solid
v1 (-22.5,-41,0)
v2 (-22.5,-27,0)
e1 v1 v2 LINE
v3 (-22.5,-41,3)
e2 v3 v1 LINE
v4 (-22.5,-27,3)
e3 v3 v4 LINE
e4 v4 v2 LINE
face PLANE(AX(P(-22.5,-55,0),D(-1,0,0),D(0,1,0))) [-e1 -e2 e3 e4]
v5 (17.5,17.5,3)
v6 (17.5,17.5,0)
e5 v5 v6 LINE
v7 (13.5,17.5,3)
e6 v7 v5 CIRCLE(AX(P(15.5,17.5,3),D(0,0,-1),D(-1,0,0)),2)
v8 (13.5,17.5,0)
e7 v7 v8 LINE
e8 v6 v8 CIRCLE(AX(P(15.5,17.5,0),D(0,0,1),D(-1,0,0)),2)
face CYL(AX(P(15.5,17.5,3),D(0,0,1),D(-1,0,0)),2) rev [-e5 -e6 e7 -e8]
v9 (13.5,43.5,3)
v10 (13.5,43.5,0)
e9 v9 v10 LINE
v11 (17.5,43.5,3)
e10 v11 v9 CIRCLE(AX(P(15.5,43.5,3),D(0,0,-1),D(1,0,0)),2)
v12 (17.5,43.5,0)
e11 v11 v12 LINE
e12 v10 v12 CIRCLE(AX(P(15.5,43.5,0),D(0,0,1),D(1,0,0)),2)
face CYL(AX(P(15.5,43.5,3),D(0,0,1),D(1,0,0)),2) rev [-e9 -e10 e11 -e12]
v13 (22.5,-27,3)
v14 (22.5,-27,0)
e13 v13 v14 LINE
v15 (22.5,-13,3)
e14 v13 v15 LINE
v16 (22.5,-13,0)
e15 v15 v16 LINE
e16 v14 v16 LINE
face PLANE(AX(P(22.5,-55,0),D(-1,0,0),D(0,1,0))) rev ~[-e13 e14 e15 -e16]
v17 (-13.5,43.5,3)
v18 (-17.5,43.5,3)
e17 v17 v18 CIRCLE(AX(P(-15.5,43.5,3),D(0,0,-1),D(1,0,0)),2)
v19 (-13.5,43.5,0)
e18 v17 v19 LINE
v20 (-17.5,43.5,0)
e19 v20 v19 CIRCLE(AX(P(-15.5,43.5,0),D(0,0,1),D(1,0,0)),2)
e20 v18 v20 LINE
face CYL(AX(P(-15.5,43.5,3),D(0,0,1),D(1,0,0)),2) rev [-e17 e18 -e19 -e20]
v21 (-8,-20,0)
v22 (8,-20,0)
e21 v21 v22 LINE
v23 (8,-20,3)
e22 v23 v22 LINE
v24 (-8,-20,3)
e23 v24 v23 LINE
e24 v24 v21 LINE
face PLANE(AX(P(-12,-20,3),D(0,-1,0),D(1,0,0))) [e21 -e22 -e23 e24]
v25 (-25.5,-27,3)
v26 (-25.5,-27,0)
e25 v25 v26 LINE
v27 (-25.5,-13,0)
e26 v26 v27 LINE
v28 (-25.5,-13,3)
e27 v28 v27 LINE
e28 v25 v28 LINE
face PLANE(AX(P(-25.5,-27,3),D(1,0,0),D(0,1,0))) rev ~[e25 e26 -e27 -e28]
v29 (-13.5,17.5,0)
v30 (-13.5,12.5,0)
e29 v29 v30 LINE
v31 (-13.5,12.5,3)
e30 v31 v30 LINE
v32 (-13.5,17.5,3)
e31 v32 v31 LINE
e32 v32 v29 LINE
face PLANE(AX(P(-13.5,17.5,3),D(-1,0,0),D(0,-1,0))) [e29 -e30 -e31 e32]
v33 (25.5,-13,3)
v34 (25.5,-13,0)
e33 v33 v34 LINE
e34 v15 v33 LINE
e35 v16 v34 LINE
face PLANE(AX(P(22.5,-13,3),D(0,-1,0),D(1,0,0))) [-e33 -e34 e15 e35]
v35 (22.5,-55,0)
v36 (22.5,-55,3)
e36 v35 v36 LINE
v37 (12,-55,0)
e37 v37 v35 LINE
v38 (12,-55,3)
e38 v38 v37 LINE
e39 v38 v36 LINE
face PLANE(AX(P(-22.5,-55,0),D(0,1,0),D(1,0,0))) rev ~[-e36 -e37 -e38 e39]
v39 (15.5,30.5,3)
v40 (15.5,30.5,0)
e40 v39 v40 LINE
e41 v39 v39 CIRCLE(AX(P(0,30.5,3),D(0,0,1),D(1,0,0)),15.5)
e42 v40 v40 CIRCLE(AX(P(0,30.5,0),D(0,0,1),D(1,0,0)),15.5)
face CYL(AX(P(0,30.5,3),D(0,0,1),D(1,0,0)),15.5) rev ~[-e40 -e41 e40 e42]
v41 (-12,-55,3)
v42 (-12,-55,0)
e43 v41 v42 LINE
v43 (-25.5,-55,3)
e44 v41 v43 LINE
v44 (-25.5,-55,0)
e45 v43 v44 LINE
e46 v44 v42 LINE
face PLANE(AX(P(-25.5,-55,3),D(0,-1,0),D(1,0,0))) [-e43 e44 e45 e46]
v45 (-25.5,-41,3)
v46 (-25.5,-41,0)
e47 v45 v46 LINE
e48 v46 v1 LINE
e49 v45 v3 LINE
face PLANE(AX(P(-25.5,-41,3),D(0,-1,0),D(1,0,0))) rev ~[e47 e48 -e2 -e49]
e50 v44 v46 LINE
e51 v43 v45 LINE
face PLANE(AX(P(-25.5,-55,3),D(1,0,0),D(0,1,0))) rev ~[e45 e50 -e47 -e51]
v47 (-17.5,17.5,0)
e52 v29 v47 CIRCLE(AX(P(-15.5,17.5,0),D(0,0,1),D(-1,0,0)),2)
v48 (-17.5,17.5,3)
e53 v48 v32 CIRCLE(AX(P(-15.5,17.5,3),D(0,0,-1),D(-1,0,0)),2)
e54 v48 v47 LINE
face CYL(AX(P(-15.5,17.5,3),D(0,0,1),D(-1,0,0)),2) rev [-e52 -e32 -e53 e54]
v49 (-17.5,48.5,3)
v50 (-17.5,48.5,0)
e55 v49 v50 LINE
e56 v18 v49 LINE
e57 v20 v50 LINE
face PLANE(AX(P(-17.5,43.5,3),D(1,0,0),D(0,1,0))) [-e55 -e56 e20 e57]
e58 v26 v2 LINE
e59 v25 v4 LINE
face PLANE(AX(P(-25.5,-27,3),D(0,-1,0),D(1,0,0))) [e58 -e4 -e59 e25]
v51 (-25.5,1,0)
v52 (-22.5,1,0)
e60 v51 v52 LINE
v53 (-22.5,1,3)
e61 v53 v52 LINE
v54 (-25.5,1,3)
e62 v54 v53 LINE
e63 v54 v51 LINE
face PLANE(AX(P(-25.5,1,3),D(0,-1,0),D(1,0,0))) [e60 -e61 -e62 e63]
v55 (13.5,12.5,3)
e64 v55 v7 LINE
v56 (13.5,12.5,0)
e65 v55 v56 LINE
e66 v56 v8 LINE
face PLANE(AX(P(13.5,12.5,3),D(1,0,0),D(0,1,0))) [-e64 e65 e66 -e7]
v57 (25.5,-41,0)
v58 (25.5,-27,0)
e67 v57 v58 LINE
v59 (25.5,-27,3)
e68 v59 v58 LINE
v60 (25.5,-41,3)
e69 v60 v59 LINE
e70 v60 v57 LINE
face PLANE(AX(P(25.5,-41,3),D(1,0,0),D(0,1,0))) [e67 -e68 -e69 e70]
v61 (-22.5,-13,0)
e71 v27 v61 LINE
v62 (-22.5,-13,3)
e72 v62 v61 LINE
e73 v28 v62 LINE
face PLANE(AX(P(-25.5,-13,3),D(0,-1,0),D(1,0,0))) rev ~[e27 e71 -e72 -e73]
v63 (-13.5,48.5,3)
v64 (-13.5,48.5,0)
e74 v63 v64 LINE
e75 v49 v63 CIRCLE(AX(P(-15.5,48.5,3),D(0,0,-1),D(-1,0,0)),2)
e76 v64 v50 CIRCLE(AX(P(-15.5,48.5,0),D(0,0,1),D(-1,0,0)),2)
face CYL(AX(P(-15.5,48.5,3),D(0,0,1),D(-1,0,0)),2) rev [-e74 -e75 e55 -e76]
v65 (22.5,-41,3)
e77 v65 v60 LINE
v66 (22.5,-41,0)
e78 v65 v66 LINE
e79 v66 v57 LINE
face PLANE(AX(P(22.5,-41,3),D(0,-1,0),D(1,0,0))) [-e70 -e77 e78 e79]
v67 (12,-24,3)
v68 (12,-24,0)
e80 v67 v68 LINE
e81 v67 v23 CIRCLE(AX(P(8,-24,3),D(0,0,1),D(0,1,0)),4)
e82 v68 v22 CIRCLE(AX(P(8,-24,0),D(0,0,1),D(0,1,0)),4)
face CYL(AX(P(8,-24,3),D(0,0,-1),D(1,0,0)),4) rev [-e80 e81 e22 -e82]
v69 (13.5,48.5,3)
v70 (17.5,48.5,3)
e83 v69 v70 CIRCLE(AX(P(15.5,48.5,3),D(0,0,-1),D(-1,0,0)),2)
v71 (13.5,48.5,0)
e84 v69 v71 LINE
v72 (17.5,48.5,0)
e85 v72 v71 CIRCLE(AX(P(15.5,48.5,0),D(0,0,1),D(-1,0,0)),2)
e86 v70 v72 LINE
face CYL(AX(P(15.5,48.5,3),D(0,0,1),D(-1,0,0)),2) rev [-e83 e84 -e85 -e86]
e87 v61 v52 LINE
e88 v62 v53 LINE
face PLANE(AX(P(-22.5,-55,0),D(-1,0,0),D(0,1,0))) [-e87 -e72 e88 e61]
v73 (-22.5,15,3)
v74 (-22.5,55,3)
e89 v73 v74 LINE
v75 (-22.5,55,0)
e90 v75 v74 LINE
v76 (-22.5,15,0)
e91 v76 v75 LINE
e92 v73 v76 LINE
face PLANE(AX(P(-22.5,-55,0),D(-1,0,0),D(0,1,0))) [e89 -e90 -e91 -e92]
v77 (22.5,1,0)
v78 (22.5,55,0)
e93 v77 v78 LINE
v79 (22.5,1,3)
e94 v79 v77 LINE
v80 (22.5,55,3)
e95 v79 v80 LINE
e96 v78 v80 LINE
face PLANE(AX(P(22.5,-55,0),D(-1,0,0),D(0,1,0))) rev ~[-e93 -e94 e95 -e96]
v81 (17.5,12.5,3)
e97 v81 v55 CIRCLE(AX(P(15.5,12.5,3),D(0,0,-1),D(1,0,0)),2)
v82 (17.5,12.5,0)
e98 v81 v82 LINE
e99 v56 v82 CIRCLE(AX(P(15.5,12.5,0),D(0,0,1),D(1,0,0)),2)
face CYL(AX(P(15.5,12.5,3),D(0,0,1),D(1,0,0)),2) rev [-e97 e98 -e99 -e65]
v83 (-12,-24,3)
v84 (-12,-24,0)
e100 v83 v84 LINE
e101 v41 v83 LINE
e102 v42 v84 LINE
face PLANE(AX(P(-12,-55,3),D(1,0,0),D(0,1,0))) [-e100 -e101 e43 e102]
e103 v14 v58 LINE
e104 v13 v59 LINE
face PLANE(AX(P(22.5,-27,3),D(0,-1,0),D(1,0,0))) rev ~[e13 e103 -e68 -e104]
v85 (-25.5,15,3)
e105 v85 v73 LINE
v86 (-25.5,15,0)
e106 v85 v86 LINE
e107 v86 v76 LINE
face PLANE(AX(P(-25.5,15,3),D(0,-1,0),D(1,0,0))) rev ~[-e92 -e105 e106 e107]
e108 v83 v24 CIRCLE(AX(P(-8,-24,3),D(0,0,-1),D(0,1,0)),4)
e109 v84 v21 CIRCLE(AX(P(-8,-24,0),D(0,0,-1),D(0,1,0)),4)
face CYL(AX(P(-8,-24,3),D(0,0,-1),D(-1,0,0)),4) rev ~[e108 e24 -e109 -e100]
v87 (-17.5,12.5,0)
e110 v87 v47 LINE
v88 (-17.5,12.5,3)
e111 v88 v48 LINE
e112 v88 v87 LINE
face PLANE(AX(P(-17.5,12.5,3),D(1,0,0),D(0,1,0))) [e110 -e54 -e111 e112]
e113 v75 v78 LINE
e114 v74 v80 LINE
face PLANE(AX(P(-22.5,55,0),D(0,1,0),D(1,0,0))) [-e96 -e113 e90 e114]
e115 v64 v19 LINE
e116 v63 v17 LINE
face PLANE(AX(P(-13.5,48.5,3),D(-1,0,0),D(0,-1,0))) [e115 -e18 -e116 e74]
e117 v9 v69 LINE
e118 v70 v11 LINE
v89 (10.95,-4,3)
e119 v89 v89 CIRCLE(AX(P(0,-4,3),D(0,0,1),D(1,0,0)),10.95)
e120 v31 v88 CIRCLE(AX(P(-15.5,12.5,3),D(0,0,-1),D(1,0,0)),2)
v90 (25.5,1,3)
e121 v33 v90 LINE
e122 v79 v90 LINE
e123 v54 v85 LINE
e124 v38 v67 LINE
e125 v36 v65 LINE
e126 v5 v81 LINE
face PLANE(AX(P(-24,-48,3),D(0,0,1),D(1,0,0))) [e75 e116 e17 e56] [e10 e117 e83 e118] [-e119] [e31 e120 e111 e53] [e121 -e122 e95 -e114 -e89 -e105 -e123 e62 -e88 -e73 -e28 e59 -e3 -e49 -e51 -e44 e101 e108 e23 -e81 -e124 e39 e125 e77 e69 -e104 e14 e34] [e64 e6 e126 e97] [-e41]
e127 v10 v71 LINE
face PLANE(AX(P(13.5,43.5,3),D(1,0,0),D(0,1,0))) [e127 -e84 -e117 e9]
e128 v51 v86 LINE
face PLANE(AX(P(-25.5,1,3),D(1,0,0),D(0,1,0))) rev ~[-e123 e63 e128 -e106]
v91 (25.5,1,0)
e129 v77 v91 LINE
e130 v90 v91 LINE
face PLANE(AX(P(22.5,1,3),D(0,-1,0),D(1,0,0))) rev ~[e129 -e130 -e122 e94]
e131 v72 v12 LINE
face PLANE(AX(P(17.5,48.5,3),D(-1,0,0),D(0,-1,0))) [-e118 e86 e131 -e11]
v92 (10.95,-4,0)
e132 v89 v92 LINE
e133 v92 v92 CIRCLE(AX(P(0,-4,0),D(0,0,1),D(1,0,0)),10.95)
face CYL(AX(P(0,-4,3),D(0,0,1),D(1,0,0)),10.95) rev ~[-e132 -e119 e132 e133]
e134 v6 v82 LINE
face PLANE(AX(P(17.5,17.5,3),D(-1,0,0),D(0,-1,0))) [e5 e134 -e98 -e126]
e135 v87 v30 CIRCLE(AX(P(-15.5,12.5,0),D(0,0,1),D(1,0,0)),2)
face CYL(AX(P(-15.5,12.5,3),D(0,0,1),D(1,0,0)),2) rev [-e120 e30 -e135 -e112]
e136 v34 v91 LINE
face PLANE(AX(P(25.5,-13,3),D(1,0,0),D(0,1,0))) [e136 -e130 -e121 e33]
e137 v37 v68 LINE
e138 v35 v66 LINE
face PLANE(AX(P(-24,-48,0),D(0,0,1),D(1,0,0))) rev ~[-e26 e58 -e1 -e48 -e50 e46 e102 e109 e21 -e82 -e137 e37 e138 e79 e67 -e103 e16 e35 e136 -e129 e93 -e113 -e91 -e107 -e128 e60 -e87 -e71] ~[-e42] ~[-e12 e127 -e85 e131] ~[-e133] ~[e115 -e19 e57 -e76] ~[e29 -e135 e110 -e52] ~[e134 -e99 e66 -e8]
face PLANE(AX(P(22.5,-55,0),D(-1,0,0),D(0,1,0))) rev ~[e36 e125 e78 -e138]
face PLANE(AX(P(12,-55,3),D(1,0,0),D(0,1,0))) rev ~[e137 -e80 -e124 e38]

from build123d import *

# Parameters (mm, degrees)
SKETCH1_W           = 45
SKETCH1_H           = 110
BOSS_EXTRUDE1_DEPTH = 3
SKETCH2_R           = 10.95
SKETCH2_R_2         = 15.5
SKETCH2_W           = 24
SKETCH2_H           = 35
CUT_EXTRUDE1_DEPTH  = 4
FILLET1_R           = 4
SKETCH3_W           = 3
SKETCH3_H           = 14
BOSS_EXTRUDE2_DEPTH = 3


with BuildPart() as part:
    # Sketch1 → Boss-Extrude1 (new body)
    with BuildSketch(Plane.XY):
        Rectangle(SKETCH1_W, SKETCH1_H)
    extrude(amount=BOSS_EXTRUDE1_DEPTH)

    # Sketch2 → Cut-Extrude1 (cut, through all)
    with BuildSketch(Plane.XY.offset(3)):
        with Locations((0, -4)):
            Circle(SKETCH2_R)
        with Locations((0, 30.5)):
            Circle(SKETCH2_R_2)
        with Locations((0, -37.5)):
            Rectangle(SKETCH2_W, SKETCH2_H)
        with BuildLine():
            Line((-17.5, 43.5), (-17.5, 48.5))
            ThreePointArc((-17.5, 48.5), (-15.5, 50.5), (-13.5, 48.5))
            Line((-13.5, 48.5), (-13.5, 43.5))
            ThreePointArc((-13.5, 43.5), (-15.5, 41.5), (-17.5, 43.5))
        make_face()
        with BuildLine():
            Line((-13.5, 17.5), (-13.5, 12.5))
            ThreePointArc((-13.5, 12.5), (-15.5, 10.5), (-17.5, 12.5))
            Line((-17.5, 12.5), (-17.5, 17.5))
            ThreePointArc((-17.5, 17.5), (-15.5, 19.5), (-13.5, 17.5))
        make_face()
        with BuildLine():
            Line((17.5, 17.5), (17.5, 12.5))
            ThreePointArc((17.5, 12.5), (15.5, 10.5), (13.5, 12.5))
            Line((13.5, 12.5), (13.5, 17.5))
            ThreePointArc((13.5, 17.5), (15.5, 19.5), (17.5, 17.5))
        make_face()
        with BuildLine():
            Line((13.5, 43.5), (13.5, 48.5))
            ThreePointArc((13.5, 48.5), (15.5, 50.5), (17.5, 48.5))
            Line((17.5, 48.5), (17.5, 43.5))
            ThreePointArc((17.5, 43.5), (15.5, 41.5), (13.5, 43.5))
        make_face()
    extrude(amount=-CUT_EXTRUDE1_DEPTH, mode=Mode.SUBTRACT)

    # Fillet1
    fillet1_edges = [part.edges().sort_by_distance(p)[0] for p in [
        (12, -20, 1.5),
        (-12, -20, 1.5),
    ]]
    fillet(fillet1_edges, radius=FILLET1_R)

    # Sketch3 → Boss-Extrude2 (add)
    with BuildSketch(Plane.XY.offset(3)):
        with Locations((-24, -20)):
            Rectangle(SKETCH3_W, SKETCH3_H)
        with Locations((-24, 8)):
            Rectangle(SKETCH3_W, SKETCH3_H)
        with Locations((-24, -48)):
            Rectangle(SKETCH3_W, SKETCH3_H)
        with Locations((24, -6)):
            Rectangle(SKETCH3_W, SKETCH3_H)
        with Locations((24, -34)):
            Rectangle(SKETCH3_W, SKETCH3_H)
    extrude(amount=-BOSS_EXTRUDE2_DEPTH)


solid = part.part
